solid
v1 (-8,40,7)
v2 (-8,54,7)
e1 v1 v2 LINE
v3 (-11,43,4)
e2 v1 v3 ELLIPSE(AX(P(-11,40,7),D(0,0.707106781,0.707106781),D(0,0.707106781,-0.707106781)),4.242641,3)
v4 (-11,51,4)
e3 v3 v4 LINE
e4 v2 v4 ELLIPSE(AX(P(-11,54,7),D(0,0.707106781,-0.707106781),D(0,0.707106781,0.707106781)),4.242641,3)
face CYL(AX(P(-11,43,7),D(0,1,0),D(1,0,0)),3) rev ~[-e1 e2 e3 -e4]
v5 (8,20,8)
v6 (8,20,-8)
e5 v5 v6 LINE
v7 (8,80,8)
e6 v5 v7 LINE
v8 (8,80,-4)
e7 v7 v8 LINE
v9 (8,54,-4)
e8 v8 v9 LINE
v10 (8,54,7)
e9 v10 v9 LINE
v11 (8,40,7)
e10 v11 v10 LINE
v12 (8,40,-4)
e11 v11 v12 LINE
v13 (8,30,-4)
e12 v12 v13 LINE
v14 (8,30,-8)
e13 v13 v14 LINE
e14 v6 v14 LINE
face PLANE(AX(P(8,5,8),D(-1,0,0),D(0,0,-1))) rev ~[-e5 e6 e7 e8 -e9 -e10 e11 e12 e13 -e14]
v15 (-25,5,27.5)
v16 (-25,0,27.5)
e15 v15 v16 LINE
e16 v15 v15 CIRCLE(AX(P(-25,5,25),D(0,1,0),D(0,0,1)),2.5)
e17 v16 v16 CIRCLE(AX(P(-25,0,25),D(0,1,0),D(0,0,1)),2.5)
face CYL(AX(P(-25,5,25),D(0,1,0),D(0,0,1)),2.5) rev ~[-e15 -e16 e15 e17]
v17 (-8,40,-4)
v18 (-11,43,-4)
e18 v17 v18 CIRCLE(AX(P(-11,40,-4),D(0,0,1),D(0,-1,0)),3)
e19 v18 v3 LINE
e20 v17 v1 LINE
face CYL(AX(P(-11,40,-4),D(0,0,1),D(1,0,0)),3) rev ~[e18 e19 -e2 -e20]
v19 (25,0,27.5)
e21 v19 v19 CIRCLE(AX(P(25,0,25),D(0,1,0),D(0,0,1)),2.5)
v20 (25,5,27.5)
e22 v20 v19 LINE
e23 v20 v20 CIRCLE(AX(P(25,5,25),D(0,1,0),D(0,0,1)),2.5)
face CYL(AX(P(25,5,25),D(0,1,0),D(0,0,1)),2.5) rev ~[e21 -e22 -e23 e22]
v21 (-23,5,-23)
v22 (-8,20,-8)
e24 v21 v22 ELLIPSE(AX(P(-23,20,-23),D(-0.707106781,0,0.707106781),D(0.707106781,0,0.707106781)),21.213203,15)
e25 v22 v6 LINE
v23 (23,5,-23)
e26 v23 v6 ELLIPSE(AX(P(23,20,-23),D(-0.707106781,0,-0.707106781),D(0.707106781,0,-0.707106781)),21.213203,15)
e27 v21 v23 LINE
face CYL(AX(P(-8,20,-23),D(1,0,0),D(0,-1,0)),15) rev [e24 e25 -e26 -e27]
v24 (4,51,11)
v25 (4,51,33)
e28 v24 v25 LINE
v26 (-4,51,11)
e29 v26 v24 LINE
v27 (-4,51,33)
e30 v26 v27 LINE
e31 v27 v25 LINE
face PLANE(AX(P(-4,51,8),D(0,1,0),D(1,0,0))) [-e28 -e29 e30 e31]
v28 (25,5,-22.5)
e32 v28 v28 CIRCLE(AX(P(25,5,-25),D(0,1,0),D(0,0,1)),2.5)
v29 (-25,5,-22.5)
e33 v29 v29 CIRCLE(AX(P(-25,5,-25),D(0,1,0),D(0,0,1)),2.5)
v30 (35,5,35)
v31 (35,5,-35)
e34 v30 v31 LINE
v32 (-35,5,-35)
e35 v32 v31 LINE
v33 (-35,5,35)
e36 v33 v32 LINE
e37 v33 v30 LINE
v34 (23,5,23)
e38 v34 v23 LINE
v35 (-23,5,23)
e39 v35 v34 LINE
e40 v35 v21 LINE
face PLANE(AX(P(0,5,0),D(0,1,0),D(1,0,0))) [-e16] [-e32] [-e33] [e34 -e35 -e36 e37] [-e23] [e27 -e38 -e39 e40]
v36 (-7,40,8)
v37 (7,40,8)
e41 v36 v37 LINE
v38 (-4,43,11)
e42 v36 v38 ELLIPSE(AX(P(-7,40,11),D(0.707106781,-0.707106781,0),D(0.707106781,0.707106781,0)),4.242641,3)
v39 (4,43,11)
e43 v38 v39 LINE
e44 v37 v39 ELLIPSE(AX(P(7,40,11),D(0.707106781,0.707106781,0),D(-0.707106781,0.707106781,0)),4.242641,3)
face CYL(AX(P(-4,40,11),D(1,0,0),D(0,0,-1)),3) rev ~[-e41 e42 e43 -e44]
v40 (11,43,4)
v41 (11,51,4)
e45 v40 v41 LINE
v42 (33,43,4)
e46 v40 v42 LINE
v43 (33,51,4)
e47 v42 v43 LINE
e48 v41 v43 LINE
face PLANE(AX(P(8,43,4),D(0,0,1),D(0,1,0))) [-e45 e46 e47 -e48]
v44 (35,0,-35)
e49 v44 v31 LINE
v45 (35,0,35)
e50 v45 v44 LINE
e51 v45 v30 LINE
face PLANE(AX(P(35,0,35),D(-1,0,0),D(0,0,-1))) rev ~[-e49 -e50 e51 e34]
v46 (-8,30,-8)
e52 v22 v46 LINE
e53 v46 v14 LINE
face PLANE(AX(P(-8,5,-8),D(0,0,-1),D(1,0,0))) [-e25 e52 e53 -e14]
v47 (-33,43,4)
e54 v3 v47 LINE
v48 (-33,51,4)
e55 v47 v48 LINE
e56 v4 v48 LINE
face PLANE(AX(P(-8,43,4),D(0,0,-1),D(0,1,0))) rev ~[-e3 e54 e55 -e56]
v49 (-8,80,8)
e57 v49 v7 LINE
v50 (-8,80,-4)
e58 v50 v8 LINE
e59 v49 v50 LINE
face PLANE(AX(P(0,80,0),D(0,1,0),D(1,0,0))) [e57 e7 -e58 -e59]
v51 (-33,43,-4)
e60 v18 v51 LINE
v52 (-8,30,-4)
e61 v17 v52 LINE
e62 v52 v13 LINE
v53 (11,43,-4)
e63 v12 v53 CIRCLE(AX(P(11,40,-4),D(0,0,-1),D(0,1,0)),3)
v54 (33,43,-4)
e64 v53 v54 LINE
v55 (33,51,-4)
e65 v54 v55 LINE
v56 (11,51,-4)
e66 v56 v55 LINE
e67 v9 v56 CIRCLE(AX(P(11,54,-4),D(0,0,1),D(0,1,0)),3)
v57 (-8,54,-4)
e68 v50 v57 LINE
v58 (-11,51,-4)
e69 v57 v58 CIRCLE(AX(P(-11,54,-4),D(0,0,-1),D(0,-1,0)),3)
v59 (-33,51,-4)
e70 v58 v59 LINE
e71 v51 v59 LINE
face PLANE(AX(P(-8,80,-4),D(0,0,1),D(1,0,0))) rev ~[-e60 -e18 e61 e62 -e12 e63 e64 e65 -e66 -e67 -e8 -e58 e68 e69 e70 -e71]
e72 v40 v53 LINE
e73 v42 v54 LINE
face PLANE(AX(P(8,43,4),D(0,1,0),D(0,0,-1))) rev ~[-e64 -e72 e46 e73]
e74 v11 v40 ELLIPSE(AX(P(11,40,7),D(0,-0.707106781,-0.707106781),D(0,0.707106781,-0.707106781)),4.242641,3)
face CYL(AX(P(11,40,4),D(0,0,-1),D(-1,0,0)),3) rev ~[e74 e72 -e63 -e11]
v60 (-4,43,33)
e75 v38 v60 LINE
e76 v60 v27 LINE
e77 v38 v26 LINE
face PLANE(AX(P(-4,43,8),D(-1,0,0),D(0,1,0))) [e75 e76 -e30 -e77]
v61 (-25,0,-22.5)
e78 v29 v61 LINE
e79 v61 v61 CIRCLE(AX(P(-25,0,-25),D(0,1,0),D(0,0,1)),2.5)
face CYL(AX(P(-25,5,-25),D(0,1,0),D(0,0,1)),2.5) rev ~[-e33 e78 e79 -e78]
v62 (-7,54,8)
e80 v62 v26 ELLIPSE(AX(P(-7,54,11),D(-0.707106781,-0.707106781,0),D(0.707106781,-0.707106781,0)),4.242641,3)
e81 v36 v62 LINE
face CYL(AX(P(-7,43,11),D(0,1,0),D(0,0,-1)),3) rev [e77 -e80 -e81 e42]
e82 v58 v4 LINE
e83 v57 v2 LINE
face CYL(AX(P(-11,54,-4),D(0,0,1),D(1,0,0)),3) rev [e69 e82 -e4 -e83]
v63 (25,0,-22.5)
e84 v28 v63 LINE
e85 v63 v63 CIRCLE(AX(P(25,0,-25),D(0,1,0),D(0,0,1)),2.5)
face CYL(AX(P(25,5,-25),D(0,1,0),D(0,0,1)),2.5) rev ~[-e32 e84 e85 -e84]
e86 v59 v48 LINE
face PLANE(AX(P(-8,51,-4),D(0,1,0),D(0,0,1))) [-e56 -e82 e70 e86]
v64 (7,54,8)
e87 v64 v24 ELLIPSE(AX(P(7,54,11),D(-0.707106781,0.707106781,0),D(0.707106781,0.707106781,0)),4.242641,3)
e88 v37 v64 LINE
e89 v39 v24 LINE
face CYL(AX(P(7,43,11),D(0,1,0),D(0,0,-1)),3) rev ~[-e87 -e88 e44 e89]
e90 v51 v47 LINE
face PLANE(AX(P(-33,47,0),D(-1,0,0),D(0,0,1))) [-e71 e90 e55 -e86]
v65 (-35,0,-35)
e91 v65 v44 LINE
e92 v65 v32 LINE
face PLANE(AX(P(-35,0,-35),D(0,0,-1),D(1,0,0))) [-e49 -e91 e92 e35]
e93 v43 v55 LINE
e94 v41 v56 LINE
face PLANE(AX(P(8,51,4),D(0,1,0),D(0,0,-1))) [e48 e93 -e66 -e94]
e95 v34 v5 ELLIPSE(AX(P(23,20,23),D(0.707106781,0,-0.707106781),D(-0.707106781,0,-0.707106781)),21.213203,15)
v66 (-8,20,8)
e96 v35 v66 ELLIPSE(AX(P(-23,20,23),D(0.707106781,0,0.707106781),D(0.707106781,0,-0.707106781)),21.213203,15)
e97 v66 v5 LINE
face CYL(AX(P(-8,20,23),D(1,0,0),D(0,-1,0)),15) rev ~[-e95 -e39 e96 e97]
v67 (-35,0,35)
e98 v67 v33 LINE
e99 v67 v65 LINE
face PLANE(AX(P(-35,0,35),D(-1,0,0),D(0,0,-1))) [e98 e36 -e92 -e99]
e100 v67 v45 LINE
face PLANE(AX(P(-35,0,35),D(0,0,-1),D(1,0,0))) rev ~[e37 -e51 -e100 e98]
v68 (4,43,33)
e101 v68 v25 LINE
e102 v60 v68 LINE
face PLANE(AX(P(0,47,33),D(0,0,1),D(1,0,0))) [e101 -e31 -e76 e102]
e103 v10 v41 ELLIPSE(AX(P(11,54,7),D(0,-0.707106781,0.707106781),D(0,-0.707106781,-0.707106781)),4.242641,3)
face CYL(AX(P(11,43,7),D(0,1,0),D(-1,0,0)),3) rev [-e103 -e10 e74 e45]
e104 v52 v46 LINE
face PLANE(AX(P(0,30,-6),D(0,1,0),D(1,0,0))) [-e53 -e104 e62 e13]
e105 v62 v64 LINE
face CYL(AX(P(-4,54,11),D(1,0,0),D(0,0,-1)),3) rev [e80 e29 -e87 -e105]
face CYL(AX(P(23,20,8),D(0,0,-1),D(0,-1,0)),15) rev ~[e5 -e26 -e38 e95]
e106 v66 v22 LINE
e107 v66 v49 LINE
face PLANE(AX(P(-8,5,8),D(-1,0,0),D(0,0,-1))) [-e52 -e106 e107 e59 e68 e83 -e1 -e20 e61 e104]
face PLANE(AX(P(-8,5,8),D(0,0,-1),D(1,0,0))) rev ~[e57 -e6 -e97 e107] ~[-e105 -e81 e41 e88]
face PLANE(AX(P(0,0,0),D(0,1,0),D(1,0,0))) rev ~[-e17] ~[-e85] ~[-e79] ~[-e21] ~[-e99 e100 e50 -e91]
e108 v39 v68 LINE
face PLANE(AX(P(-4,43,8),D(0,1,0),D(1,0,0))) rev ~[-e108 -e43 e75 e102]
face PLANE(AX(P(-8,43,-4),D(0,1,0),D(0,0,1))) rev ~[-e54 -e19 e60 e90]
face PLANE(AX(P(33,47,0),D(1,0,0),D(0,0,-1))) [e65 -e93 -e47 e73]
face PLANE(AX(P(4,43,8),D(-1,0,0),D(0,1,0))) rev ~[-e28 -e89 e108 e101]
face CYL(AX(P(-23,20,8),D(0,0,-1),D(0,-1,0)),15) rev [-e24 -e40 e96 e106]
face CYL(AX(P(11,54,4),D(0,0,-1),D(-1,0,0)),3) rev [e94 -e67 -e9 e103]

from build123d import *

# Parameters (mm, degrees)
SKETCH1_W           = 70
SKETCH1_H           = 70
BOSS_EXTRUDE1_DEPTH = 5
SKETCH2_R           = 2.5
CUT_EXTRUDE1_DEPTH  = 5
SKETCH3_R           = 2.5
CUT_EXTRUDE2_DEPTH  = 5
SKETCH4_R           = 2.5
CUT_EXTRUDE3_DEPTH  = 5
SKETCH5_R           = 2.5
CUT_EXTRUDE4_DEPTH  = 5
SKETCH7_W           = 16
SKETCH7_H           = 16
BOSS_EXTRUDE2_DEPTH = 75
SKETCH8_W           = 8
SKETCH8_H           = 8
BOSS_EXTRUDE3_DEPTH = 25
SKETCH9_W           = 8
SKETCH9_H           = 8
BOSS_EXTRUDE4_DEPTH = 25
SKETCH10_W          = 8
SKETCH10_H          = 8
BOSS_EXTRUDE5_DEPTH = 25
SKETCH11_W          = 16
SKETCH11_H          = 4
CUT_EXTRUDE5_DEPTH  = 50
FILLET1_R           = 15
FILLET2_R           = 3


with BuildPart() as part:
    # Sketch1 → Boss-Extrude1 (new body)
    with BuildSketch(Plane(origin=(0, 0, 0), x_dir=(1, 0, 0), z_dir=(0, 1, 0))):
        Rectangle(SKETCH1_W, SKETCH1_H)
    extrude(amount=BOSS_EXTRUDE1_DEPTH)

    # Sketch2 → Cut-Extrude1 (cut)
    with BuildSketch(Plane(origin=(0, 5, 0), x_dir=(1, 0, 0), z_dir=(0, 1, 0))):
        with Locations(Location((-25, 25, 0), (0, 0, 270))):
            Circle(SKETCH2_R)
    extrude(amount=-CUT_EXTRUDE1_DEPTH, mode=Mode.SUBTRACT)

    # Sketch3 → Cut-Extrude2 (cut)
    with BuildSketch(Plane(origin=(0, 5, 0), x_dir=(1, 0, 0), z_dir=(0, 1, 0))):
        with Locations(Location((25, 25, 0), (0, 0, 270))):
            Circle(SKETCH3_R)
    extrude(amount=-CUT_EXTRUDE2_DEPTH, mode=Mode.SUBTRACT)

    # Sketch4 → Cut-Extrude3 (cut)
    with BuildSketch(Plane(origin=(0, 5, 0), x_dir=(1, 0, 0), z_dir=(0, 1, 0))):
        with Locations(Location((-25, -25, 0), (0, 0, 270))):
            Circle(SKETCH4_R)
    extrude(amount=-CUT_EXTRUDE3_DEPTH, mode=Mode.SUBTRACT)

    # Sketch5 → Cut-Extrude4 (cut)
    with BuildSketch(Plane(origin=(0, 5, 0), x_dir=(1, 0, 0), z_dir=(0, 1, 0))):
        with Locations(Location((25, -25, 0), (0, 0, 270))):
            Circle(SKETCH5_R)
    extrude(amount=-CUT_EXTRUDE4_DEPTH, mode=Mode.SUBTRACT)

    # Sketch7 → Boss-Extrude2 (add)
    with BuildSketch(Plane(origin=(0, 5, 0), x_dir=(1, 0, 0), z_dir=(0, 1, 0))):
        Rectangle(SKETCH7_W, SKETCH7_H)
    extrude(amount=BOSS_EXTRUDE2_DEPTH)

    # Sketch8 → Boss-Extrude3 (add)
    with BuildSketch(Plane.XY.offset(8)):
        with Locations((0, 47)):
            Rectangle(SKETCH8_W, SKETCH8_H)
    extrude(amount=BOSS_EXTRUDE3_DEPTH)

    # Sketch9 → Boss-Extrude4 (add)
    with BuildSketch(Plane(origin=(8, 0, 0), x_dir=(0, 0, -1), z_dir=(1, 0, 0))):
        with Locations((0, 47)):
            Rectangle(SKETCH9_W, SKETCH9_H)
    extrude(amount=BOSS_EXTRUDE4_DEPTH)

    # Sketch10 → Boss-Extrude5 (add)
    with BuildSketch(Plane.ZY.offset(8)):
        with Locations((0, 47)):
            Rectangle(SKETCH10_W, SKETCH10_H)
    extrude(amount=BOSS_EXTRUDE5_DEPTH)

    # Sketch11 → Cut-Extrude5 (cut)
    with BuildSketch(Plane(origin=(0, 80, 0), x_dir=(1, 0, 0), z_dir=(0, 1, 0))):
        with Locations((0, 6)):
            Rectangle(SKETCH11_W, SKETCH11_H)
    extrude(amount=-CUT_EXTRUDE5_DEPTH, mode=Mode.SUBTRACT)

    # Fillet1
    fillet1_edges = [part.edges().sort_by_distance(p)[0] for p in [
        (8, 5, 0),
        (0, 5, -8),
        (-8, 5, 0),
        (0, 5, 8),
    ]]
    fillet(fillet1_edges, radius=FILLET1_R)

    # Fillet2
    fillet2_edges = [part.edges().sort_by_distance(p)[0] for p in [
        (4, 47, 8),
        (0, 51, 8),
        (-4, 47, 8),
        (0, 43, 8),
        (8, 51, 0),
        (8, 47, 4),
        (8, 43, 0),
        (-8, 47, 4),
        (-8, 51, 0),
        (-8, 43, 0),
    ]]
    fillet(fillet2_edges, radius=FILLET2_R)


solid = part.part
